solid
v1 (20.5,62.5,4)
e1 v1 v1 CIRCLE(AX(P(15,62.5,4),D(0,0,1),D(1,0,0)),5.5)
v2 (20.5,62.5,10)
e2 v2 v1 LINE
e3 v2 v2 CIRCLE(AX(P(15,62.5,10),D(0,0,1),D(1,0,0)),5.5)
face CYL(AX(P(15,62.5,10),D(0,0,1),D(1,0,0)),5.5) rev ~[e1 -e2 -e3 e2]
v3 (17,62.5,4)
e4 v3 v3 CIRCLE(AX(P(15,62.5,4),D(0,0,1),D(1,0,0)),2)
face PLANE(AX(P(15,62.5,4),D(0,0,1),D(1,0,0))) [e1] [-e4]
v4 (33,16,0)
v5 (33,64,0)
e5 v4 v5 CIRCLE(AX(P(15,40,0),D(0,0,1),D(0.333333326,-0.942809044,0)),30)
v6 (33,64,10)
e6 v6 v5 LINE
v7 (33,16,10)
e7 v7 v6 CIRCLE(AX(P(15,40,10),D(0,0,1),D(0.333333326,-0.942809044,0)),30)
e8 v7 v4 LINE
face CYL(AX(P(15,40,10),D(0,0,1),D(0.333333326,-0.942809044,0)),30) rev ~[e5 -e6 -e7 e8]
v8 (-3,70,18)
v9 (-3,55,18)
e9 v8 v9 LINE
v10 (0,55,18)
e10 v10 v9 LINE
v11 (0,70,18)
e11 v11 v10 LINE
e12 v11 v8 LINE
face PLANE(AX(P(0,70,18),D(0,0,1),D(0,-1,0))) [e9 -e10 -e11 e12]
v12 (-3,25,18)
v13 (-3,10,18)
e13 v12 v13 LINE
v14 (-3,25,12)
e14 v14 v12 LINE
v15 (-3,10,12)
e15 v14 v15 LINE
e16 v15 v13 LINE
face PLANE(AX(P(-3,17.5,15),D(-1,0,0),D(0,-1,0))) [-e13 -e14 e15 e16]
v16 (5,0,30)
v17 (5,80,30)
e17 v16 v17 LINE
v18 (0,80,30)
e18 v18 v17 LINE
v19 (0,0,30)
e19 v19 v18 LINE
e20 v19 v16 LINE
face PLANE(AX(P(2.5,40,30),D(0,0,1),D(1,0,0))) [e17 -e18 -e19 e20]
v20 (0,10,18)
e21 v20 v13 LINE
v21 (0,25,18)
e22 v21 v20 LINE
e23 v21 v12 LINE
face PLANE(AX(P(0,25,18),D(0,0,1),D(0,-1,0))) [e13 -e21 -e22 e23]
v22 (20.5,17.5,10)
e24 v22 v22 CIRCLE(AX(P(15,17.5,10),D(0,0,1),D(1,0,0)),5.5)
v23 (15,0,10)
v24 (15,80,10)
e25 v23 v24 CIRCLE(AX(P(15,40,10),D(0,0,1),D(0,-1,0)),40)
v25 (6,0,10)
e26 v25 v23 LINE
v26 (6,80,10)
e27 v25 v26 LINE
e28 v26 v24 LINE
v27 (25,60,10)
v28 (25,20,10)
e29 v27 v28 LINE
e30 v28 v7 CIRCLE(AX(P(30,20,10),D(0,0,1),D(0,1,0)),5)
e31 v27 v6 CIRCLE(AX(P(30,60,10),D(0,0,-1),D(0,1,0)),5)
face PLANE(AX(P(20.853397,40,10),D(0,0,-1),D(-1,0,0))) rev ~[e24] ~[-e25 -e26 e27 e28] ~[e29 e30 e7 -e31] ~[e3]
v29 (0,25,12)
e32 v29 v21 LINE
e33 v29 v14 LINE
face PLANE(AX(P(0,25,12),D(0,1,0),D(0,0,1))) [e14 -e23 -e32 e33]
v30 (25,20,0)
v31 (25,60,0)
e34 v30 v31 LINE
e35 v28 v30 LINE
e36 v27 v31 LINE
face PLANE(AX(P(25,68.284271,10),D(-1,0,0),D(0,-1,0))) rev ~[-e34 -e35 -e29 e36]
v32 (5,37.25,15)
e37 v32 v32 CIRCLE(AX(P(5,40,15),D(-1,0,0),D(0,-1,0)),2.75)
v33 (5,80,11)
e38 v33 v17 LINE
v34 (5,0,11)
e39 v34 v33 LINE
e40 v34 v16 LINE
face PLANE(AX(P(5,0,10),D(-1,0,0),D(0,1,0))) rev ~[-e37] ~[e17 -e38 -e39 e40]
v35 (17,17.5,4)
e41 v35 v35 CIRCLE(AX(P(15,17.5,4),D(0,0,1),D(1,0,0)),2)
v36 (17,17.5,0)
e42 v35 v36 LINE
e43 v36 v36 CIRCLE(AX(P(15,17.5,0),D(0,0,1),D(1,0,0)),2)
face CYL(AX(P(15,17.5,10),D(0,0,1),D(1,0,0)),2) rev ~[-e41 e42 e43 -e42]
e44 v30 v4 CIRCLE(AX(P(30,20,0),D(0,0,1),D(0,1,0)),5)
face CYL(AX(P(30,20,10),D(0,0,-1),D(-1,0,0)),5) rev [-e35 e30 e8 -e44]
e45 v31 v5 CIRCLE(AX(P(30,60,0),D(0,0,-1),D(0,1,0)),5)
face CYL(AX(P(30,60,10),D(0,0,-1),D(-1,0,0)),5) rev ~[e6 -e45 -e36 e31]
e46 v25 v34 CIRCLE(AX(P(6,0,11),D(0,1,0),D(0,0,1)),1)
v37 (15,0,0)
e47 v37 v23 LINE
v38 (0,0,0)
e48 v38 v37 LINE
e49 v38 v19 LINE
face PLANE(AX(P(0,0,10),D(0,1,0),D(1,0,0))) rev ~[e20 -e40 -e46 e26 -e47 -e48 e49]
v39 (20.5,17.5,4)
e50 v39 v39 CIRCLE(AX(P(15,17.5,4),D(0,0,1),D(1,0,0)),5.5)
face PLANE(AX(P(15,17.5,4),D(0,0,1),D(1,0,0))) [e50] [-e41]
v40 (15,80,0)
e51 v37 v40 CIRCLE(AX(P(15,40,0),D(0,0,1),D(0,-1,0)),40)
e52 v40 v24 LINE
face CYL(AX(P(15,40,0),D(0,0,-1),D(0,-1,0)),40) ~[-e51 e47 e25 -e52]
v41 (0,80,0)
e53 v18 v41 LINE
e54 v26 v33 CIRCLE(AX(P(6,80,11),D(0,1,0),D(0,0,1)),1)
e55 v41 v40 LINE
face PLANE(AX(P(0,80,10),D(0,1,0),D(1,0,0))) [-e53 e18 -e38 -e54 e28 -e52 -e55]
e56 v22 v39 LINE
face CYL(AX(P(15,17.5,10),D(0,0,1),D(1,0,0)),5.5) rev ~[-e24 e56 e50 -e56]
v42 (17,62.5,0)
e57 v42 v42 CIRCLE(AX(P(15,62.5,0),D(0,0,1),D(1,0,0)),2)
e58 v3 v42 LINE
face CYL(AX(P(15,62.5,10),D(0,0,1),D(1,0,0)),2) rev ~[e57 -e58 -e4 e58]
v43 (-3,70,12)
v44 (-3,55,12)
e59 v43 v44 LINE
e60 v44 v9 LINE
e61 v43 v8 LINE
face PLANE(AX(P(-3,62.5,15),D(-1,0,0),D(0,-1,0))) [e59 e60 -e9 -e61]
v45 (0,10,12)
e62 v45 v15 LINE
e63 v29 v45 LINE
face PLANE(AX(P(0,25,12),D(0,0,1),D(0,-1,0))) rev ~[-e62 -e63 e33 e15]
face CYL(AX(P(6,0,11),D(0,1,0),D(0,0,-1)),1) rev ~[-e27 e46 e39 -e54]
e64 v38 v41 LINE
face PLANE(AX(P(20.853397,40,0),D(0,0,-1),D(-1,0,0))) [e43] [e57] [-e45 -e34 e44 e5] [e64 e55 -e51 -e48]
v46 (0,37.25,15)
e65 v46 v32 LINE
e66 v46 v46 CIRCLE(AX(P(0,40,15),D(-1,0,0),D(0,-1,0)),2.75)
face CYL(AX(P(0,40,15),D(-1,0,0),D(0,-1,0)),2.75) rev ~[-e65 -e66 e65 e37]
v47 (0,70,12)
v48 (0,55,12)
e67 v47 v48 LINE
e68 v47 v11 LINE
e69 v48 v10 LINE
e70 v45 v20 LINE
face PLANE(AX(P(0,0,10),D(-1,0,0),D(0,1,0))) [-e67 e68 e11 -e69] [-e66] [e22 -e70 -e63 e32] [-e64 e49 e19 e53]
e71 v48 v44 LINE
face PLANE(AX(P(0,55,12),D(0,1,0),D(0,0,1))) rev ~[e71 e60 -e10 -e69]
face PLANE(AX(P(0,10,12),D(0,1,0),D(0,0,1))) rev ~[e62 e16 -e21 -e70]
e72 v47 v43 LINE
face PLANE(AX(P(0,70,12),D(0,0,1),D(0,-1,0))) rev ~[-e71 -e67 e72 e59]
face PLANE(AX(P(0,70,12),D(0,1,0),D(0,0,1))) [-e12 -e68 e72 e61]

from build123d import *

# Parameters (mm, degrees)
PAD_DEPTH       = 10
SKETCH001_R     = 2
POCKET_DEPTH    = 10.001
SKETCH002_R     = 5.5
POCKET001_DEPTH = 6
SKETCH004_W     = 5
SKETCH004_H     = 80
PAD001_DEPTH    = 20
SKETCH006_W     = 15
SKETCH006_H     = 6
PAD002_DEPTH    = 3
POCKET004_DEPTH = 10.001
SKETCH008_R     = 2.75
POCKET005_DEPTH = 55.001
FILLET_R        = 5
FILLET001_R     = 1


with BuildPart() as part:
    # Sketch → Pad (new body)
    with BuildSketch(Plane.XY):
        with BuildLine():
            Line((0, 0), (0, 80))
            Line((0, 80), (15, 80))
            ThreePointArc((15, 0), (55, 40), (15, 80))
            Line((0, 0), (15, 0))
        make_face()
    extrude(amount=PAD_DEPTH)

    # Sketch001 (on Face6 of Pad) → Pocket (cut, through all)
    with BuildSketch(Plane.XY.offset(10)):
        with Locations((15, 62.5)):
            Circle(SKETCH001_R)
        with Locations((15, 17.5)):
            Circle(SKETCH001_R)
    extrude(amount=-POCKET_DEPTH, mode=Mode.SUBTRACT)

    # Sketch002 (on Face5 of Pocket) → Pocket001 (cut)
    with BuildSketch(Plane.XY.offset(10)):
        with Locations((15, 62.5)):
            Circle(SKETCH002_R)
        with Locations((15, 17.5)):
            Circle(SKETCH002_R)
    extrude(amount=-POCKET001_DEPTH, mode=Mode.SUBTRACT)

    # Sketch004 → Pad001 (join)
    with BuildSketch(Plane.XY.offset(10)):
        with Locations((2.5, 40)):
            Rectangle(SKETCH004_W, SKETCH004_H)
    extrude(amount=PAD001_DEPTH)

    # Sketch006 → Pad002 (join)
    with BuildSketch(Plane(origin=(0, 0, 0), x_dir=(0, -1, 0), z_dir=(-1, 0, 0))):
        with Locations((-62.5, 15)):
            Rectangle(SKETCH006_W, SKETCH006_H)
        with Locations((-17.5, 15)):
            Rectangle(SKETCH006_W, SKETCH006_H)
    extrude(amount=PAD002_DEPTH)

    # Sketch007 (on Face8 of Pad002) → Pocket004 (cut, through all)
    with BuildSketch(Plane.XY.offset(10)):
        with BuildLine():
            ThreePointArc((25, 11.715729), (45, 40), (25, 68.284271))
            Line((25, 68.284271), (25, 11.715729))
        make_face()
    extrude(amount=-POCKET004_DEPTH, mode=Mode.SUBTRACT)

    # Sketch008 (on Face5 of Pocket004) → Pocket005 (cut, through all)
    with BuildSketch(Plane(origin=(0, 0, 0), x_dir=(0, -1, 0), z_dir=(-1, 0, 0))):
        with Locations((-40, 15)):
            Circle(SKETCH008_R)
    extrude(amount=-POCKET005_DEPTH, mode=Mode.SUBTRACT)

    # Fillet
    fillet_edges = [part.edges().sort_by_distance(p)[0] for p in [
        (25, 68.284271, 5),
        (25, 11.715729, 5),
    ]]
    fillet(fillet_edges, radius=FILLET_R)

    # Fillet001
    fillet001_edges = [part.edges().sort_by_distance(p)[0] for p in [
        (5, 40, 10),
    ]]
    fillet(fillet001_edges, radius=FILLET001_R)


solid = part.part
